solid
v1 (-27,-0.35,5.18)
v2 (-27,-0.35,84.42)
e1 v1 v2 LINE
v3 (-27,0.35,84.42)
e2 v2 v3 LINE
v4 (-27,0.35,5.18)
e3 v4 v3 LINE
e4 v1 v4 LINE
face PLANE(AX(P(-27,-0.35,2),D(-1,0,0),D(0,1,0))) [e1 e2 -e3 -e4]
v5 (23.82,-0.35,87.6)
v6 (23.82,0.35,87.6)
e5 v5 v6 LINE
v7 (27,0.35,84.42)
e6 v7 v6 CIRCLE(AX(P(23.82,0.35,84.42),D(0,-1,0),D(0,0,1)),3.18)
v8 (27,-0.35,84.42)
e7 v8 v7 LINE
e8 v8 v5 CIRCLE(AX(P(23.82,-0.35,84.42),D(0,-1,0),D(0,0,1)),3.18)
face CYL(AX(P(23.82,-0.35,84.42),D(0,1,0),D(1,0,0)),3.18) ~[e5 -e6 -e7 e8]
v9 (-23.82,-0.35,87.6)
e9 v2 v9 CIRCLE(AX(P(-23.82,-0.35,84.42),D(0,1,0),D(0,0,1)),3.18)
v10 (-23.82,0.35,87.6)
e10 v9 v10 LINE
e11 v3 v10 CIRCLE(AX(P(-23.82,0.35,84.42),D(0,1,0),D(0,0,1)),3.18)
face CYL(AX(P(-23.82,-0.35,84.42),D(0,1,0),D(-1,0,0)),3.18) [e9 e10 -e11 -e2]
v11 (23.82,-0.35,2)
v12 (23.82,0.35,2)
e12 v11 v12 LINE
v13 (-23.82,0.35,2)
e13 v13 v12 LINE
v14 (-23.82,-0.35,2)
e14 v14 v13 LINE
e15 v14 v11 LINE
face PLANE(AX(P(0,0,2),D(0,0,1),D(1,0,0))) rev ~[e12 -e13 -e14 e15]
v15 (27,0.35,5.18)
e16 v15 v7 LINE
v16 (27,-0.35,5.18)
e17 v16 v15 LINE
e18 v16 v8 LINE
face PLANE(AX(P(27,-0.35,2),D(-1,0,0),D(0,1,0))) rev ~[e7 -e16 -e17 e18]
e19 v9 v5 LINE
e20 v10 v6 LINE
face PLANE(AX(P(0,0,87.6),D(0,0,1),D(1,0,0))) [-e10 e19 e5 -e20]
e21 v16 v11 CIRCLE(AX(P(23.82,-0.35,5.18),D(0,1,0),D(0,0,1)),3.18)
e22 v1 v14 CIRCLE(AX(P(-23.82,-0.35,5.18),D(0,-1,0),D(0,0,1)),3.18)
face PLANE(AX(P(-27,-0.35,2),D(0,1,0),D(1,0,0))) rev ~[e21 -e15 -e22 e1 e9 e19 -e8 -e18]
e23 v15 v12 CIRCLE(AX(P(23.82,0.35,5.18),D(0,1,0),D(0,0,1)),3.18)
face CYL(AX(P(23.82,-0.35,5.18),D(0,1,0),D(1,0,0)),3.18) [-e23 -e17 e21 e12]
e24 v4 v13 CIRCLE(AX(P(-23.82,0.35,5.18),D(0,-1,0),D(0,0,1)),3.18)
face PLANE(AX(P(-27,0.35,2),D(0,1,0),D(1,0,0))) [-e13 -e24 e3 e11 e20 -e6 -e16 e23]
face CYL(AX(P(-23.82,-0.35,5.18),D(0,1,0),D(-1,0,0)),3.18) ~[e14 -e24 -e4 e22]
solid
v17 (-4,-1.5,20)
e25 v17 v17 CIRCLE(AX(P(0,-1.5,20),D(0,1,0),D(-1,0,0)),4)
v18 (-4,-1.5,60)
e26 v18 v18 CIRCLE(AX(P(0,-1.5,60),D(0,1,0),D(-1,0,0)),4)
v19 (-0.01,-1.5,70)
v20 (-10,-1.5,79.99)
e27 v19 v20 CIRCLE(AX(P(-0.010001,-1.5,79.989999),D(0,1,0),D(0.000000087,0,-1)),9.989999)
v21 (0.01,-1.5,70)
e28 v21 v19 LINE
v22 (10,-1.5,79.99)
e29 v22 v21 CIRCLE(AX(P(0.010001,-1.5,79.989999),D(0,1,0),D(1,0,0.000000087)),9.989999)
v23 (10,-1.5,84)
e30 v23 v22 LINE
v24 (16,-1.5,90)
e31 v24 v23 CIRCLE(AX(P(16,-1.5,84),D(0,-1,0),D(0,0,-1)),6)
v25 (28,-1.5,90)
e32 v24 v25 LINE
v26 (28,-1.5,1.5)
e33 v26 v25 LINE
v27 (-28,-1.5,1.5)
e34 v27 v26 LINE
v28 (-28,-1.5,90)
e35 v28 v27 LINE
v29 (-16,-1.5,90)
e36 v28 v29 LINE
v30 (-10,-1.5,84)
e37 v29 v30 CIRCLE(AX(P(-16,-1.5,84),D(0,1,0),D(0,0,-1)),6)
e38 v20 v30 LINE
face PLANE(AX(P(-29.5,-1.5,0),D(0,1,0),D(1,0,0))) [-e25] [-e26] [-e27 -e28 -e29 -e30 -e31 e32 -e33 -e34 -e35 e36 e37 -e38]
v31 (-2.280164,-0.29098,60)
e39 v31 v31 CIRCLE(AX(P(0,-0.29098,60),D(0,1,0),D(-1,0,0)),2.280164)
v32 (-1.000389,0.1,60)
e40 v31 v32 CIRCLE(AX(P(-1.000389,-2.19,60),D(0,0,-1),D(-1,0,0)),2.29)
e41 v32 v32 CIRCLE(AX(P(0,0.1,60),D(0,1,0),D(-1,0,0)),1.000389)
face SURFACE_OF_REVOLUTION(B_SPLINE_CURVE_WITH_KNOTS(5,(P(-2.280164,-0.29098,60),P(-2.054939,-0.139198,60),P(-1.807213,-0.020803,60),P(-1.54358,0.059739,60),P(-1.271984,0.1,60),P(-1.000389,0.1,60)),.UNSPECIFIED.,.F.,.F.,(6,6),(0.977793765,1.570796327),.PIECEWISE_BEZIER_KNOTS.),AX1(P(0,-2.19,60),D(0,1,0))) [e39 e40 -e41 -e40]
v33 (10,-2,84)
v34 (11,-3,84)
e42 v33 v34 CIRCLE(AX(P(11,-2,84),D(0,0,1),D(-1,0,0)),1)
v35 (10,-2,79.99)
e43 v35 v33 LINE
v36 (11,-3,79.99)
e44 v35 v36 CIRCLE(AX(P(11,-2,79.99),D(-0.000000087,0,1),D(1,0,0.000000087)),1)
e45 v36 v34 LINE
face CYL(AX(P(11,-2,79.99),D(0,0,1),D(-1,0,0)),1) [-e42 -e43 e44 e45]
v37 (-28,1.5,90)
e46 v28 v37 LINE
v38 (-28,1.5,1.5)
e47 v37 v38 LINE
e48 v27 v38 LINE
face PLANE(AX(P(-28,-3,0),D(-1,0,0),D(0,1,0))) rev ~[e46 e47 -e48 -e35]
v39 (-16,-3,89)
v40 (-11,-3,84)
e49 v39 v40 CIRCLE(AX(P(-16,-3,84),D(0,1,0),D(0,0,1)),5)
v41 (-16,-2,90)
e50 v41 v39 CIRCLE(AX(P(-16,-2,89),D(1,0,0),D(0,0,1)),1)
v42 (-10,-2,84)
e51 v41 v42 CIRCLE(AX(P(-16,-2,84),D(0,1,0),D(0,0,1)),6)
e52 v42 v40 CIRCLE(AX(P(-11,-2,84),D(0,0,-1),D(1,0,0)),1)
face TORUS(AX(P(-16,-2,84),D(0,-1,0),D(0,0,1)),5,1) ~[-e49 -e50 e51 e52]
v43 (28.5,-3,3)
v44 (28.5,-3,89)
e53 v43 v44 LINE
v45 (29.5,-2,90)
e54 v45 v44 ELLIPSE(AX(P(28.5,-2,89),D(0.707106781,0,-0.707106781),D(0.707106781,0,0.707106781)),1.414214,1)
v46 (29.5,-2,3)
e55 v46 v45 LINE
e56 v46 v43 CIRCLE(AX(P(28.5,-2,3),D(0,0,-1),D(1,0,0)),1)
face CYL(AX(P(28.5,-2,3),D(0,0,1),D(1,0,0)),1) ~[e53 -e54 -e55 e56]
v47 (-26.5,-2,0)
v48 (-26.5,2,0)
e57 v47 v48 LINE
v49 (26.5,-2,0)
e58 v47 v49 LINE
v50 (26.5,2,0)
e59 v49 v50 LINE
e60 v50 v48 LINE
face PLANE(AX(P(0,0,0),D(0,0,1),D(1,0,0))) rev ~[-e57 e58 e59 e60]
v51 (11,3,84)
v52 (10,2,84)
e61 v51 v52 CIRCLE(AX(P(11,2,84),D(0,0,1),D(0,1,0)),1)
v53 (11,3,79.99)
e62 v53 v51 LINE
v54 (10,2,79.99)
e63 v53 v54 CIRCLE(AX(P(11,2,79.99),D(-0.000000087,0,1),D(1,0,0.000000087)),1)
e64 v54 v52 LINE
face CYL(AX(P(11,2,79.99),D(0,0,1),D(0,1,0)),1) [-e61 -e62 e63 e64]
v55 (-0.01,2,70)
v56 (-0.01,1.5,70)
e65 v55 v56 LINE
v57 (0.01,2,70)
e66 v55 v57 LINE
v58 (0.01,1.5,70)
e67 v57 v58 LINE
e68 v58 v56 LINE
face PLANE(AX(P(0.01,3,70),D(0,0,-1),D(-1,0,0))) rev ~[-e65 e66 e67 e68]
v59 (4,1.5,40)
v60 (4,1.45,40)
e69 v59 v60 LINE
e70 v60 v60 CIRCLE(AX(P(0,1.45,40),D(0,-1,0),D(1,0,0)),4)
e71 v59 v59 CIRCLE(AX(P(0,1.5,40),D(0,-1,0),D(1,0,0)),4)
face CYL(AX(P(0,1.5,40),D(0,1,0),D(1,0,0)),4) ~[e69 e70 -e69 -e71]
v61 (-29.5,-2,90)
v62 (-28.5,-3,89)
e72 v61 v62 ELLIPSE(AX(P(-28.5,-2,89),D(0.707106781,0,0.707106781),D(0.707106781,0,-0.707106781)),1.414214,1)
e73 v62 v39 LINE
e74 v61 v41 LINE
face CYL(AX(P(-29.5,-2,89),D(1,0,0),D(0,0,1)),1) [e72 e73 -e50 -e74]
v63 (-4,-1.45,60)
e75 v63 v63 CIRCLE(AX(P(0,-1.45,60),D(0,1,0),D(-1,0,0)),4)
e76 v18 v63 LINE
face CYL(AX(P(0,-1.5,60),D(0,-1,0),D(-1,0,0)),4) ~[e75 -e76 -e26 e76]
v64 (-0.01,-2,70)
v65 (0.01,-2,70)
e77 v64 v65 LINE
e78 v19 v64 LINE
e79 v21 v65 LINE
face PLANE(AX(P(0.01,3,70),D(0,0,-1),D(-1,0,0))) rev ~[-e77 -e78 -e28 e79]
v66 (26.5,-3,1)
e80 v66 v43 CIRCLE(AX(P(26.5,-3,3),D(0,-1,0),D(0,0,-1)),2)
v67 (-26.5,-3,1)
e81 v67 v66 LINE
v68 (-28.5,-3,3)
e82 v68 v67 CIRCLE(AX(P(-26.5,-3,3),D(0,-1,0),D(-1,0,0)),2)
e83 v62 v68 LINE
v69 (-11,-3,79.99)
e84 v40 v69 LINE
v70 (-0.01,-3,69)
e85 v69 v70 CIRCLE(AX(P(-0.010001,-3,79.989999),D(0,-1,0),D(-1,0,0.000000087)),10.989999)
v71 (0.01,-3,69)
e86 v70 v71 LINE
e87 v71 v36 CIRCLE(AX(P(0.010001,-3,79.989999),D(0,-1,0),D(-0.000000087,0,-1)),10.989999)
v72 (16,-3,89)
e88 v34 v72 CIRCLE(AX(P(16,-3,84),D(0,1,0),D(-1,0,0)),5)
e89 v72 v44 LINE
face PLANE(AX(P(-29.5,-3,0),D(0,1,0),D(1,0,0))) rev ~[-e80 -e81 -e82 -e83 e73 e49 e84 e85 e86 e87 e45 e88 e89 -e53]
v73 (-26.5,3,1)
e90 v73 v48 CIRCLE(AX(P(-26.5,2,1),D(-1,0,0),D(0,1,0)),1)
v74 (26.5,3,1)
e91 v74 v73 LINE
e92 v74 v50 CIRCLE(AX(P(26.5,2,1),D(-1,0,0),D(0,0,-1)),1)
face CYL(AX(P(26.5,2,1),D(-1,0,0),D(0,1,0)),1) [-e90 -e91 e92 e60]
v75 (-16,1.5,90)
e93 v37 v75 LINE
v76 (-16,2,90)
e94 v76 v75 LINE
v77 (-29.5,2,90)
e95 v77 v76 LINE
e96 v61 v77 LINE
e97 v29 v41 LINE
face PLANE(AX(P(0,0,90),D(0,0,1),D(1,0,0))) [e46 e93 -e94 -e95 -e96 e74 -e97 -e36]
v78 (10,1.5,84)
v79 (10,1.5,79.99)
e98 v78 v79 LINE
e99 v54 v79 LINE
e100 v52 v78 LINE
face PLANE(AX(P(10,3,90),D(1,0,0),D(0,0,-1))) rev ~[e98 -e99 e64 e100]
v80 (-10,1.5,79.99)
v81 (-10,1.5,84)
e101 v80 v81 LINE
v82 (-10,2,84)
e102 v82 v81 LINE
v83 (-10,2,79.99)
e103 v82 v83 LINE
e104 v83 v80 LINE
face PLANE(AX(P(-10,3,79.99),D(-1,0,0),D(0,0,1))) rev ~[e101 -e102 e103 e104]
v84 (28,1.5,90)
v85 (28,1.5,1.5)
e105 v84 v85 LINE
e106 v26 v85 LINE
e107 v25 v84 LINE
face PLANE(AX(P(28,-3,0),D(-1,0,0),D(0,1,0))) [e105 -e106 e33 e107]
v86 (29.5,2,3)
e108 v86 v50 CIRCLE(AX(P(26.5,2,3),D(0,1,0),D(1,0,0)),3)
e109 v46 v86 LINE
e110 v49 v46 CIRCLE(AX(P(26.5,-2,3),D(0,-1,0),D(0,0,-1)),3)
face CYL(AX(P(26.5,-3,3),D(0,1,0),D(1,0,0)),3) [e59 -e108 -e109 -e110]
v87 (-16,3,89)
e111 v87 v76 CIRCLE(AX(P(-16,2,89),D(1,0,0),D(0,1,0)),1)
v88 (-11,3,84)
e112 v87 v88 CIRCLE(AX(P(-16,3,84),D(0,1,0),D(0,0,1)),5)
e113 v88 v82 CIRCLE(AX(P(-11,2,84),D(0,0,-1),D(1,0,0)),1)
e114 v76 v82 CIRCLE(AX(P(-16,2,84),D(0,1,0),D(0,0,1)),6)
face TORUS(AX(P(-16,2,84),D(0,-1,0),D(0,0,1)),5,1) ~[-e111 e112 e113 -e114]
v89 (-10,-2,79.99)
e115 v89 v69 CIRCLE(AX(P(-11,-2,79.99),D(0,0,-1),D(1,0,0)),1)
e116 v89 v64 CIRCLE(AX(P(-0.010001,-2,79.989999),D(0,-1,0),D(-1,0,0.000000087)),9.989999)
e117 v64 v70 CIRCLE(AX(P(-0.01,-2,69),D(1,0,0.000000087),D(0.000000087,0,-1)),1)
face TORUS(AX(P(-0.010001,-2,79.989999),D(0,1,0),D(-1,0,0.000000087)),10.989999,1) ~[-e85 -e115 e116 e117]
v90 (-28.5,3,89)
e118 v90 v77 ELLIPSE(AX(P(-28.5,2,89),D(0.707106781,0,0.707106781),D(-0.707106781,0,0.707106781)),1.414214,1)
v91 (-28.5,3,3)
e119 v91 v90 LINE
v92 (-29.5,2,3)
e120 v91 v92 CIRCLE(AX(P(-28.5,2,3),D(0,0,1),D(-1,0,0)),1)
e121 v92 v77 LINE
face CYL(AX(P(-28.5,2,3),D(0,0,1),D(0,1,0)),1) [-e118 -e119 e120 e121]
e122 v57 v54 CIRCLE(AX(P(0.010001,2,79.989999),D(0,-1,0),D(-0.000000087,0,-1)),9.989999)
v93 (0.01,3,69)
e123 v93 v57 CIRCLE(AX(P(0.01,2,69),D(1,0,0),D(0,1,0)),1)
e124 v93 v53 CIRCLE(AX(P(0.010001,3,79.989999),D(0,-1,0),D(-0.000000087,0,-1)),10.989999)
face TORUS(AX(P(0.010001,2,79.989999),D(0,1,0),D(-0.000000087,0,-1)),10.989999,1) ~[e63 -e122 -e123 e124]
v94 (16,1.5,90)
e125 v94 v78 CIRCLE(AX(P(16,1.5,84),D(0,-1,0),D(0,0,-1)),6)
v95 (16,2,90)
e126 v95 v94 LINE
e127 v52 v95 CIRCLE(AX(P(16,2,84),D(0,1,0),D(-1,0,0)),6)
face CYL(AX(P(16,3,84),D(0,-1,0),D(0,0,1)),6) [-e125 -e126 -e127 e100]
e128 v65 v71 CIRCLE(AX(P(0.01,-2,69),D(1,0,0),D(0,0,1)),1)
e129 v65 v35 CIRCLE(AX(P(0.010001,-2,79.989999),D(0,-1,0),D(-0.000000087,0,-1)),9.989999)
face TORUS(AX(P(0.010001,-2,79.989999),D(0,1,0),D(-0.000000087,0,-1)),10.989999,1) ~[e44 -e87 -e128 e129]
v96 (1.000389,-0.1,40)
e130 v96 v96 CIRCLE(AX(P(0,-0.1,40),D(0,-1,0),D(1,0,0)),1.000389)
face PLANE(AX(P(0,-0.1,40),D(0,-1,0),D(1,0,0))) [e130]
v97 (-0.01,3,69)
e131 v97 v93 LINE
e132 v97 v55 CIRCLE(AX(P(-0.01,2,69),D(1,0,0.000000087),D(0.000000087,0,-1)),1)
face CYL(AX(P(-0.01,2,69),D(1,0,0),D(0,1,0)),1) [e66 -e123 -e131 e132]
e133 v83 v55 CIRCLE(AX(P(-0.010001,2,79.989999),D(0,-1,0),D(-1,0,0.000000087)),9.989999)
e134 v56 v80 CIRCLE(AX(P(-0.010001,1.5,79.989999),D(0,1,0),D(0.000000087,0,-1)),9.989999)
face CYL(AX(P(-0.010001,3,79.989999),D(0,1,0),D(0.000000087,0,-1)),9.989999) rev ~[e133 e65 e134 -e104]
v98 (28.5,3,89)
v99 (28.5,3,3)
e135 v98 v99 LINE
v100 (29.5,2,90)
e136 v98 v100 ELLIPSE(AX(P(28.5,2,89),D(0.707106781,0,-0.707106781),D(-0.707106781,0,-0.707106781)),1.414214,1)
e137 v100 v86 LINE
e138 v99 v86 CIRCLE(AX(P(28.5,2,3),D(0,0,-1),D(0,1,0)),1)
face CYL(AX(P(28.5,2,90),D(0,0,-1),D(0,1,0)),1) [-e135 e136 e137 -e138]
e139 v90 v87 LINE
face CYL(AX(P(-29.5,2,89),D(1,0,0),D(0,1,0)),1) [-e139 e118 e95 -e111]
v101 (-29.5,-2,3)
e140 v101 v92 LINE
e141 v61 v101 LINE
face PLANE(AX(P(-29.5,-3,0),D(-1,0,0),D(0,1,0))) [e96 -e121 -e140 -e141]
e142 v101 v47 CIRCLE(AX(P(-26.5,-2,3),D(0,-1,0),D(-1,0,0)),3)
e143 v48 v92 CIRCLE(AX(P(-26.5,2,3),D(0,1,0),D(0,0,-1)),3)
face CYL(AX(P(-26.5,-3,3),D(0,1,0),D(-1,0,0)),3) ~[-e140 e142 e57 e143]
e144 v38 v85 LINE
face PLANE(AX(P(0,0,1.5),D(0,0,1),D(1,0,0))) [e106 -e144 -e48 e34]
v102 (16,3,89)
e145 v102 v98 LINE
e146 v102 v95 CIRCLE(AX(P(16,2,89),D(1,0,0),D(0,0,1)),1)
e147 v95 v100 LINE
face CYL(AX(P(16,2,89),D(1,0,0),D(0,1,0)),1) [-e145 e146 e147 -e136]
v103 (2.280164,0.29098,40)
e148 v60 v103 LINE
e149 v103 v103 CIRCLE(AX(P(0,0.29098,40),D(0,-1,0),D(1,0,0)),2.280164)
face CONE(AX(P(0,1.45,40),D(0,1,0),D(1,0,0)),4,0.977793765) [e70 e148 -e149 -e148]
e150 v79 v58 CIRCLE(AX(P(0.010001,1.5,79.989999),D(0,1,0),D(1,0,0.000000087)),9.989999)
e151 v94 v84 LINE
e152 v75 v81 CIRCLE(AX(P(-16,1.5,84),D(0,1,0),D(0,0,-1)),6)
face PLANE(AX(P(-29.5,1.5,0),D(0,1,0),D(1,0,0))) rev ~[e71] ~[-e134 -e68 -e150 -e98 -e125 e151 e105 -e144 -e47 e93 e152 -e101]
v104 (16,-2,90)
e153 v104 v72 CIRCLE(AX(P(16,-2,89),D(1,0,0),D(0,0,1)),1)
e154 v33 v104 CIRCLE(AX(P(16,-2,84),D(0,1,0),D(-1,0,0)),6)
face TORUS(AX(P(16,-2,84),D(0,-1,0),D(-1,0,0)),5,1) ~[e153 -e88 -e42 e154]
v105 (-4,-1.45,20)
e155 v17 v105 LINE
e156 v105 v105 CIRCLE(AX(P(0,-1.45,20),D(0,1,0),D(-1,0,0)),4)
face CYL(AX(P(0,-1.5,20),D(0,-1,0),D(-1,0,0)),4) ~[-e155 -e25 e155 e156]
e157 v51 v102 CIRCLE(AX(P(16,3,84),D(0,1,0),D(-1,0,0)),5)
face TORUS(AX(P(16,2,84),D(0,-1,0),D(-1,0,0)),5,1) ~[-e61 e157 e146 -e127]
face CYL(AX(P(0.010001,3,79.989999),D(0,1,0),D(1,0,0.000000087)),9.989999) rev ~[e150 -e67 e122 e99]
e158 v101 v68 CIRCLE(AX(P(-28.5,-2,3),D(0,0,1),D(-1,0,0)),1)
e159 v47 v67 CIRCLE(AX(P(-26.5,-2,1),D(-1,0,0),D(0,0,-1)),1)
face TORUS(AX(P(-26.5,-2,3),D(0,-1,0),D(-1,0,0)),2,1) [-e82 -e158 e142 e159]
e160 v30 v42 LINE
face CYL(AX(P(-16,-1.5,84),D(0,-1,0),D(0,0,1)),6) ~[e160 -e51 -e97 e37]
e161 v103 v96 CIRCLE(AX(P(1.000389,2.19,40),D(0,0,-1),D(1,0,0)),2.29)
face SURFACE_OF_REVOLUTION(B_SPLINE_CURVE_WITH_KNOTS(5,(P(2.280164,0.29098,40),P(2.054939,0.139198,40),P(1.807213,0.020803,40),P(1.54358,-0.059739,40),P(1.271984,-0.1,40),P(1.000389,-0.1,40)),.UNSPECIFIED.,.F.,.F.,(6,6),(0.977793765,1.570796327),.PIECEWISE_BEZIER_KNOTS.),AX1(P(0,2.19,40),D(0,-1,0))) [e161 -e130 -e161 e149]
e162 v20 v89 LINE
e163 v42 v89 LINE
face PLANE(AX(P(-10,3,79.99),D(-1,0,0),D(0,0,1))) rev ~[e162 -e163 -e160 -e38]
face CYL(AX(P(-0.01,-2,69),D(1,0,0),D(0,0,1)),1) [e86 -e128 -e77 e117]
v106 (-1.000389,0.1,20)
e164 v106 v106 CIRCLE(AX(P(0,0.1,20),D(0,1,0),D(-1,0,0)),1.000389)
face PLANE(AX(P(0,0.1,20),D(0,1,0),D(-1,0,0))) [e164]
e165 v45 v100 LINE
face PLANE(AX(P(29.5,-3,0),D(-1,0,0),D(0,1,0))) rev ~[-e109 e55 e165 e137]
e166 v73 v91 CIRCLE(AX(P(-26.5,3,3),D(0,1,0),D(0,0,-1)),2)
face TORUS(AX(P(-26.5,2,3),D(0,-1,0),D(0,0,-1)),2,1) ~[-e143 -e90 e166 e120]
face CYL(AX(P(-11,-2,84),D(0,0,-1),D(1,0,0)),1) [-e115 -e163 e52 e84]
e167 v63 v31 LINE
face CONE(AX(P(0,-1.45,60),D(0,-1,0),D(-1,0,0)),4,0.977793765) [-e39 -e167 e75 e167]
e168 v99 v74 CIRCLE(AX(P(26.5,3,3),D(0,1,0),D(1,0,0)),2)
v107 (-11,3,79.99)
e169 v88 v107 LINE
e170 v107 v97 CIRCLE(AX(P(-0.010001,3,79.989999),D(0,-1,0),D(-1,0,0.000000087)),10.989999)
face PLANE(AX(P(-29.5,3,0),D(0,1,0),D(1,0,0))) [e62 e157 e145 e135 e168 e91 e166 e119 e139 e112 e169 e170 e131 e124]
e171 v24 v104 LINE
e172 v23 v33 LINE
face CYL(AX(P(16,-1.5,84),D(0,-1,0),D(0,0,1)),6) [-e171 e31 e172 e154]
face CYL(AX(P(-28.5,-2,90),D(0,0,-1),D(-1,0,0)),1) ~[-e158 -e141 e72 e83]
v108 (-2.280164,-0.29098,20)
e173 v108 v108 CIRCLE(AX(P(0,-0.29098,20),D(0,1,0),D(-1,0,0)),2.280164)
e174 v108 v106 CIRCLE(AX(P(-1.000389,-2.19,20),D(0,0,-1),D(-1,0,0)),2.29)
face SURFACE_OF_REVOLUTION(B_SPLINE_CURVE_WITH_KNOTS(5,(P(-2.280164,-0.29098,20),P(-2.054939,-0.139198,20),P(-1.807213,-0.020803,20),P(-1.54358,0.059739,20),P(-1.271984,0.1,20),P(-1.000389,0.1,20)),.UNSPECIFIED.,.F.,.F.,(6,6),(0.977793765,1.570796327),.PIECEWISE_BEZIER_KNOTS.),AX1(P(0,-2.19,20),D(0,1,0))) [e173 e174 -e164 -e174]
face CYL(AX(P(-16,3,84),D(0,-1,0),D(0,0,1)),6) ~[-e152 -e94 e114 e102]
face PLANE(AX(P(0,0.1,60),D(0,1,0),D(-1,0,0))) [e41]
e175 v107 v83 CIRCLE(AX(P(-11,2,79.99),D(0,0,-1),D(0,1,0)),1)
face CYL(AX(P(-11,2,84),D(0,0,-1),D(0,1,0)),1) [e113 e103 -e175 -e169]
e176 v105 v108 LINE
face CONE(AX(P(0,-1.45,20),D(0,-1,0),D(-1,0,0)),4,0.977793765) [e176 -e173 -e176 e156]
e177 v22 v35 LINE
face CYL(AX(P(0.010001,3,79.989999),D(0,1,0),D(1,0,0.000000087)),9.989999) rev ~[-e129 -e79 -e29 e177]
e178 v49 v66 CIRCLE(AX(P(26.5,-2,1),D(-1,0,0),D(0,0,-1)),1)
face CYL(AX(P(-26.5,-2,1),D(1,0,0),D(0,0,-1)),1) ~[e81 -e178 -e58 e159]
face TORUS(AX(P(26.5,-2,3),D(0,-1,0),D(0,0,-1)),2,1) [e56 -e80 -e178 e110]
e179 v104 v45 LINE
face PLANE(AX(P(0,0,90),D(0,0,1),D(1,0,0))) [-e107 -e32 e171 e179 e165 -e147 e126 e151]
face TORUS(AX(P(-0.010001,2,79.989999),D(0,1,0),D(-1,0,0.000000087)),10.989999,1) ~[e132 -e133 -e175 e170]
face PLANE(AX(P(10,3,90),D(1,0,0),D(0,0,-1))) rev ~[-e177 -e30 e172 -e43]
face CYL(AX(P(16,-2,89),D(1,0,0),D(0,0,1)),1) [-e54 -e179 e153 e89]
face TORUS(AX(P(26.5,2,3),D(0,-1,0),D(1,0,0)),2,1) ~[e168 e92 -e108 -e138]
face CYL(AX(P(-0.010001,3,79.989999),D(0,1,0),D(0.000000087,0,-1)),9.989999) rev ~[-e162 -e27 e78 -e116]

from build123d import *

# Parameters (mm, degrees)
SKETCH_W        = 54
SKETCH_H        = 0.7
PAD_DEPTH       = 85.6
FILLET_R        = 3.18
SKETCH001_W     = 59
SKETCH001_H     = 6
PAD001_DEPTH    = 90
THICKNESS_T     = -1.5
POCKET_DEPTH    = 6.001
SKETCH003_R     = 4
PAD002_DEPTH    = 1.6
SKETCH004_R     = 4
PAD003_DEPTH    = 1.6
CHAMFER_1_SIZE2 = 2.3
CHAMFER_1_SIZE  = 1.55
CHAMFER_2_SIZE2 = 2.3
CHAMFER_2_SIZE  = 1.55
CHAMFER_3_SIZE2 = 2.3
CHAMFER_3_SIZE  = 1.55
FILLET001_R     = 2.29
FILLET002_R     = 6
FILLET003_R     = 3
FILLET004_R     = 1
FILLET005_R     = 1


with BuildPart() as card:
    # Sketch → Pad (new body)
    with BuildSketch(Plane.XY.offset(2)):
        Rectangle(SKETCH_W, SKETCH_H)
    extrude(amount=PAD_DEPTH)

    # Fillet
    fillet_edges = [card.edges().sort_by_distance(p)[0] for p in [
        (-27, 0, 2),
        (-27, 0, 87.6),
        (27, 0, 87.6),
        (27, 0, 2),
    ]]
    fillet(fillet_edges, radius=FILLET_R)


with BuildPart() as wallet:
    # Sketch001 → Pad001 (new body)
    with BuildSketch(Plane.XY):
        Rectangle(SKETCH001_W, SKETCH001_H)
    extrude(amount=PAD001_DEPTH)

    # Thickness
    thickness_openings = [wallet.faces().sort_by_distance(p)[0] for p in [
        (0, 0, 90),
    ]]
    offset(amount=THICKNESS_T, openings=thickness_openings)

    # Sketch002 (on Face2 of Pad001) → Pocket (cut, through all)
    with BuildSketch(Plane(origin=(0, 3, 0), x_dir=(-1, 0, 0), z_dir=(0, 1, 0))):
        with BuildLine():
            Line((-0.01, 70), (0.01, 70))
            ThreePointArc((0.01, 70), (7.073997, 72.926003), (10, 79.99))
            Line((10, 79.99), (10, 90))
            Line((10, 90), (-10, 90))
            Line((-10, 90), (-10, 79.99))
            ThreePointArc((-10, 79.99), (-7.073997, 72.926003), (-0.01, 70))
        make_face()
    extrude(amount=-POCKET_DEPTH, mode=Mode.SUBTRACT)

    # Sketch003 (on Face18 of Pocket) → Pad002 (join)
    with BuildSketch(Plane(origin=(0, -1.5, 0), x_dir=(-1, 0, 0), z_dir=(0, 1, 0))):
        with Locations((0, 60)):
            Circle(SKETCH003_R)
        with Locations((0, 20)):
            Circle(SKETCH003_R)
    extrude(amount=PAD002_DEPTH)

    # Sketch004 (on Face20 of Pad002) → Pad003 (join)
    with BuildSketch(Plane.XZ.offset(-1.5)):
        with Locations((0, 40)):
            Circle(SKETCH004_R)
    extrude(amount=PAD003_DEPTH)

    # Chamfer 1
    chamfer_1_edges = [wallet.edges().sort_by_distance(p)[0] for p in [
        (4, 0.1, 60),
    ]]
    chamfer_1_side = wallet.faces().sort_by_distance((4, -0.7, 60))[0]
    chamfer(chamfer_1_edges, length=CHAMFER_1_SIZE, length2=CHAMFER_1_SIZE2, reference=chamfer_1_side)

    # Chamfer 2
    chamfer_2_edges = [wallet.edges().sort_by_distance(p)[0] for p in [
        (-4, -0.1, 40),
    ]]
    chamfer_2_side = wallet.faces().sort_by_distance((-4, 0.7, 40))[0]
    chamfer(chamfer_2_edges, length=CHAMFER_2_SIZE, length2=CHAMFER_2_SIZE2, reference=chamfer_2_side)

    # Chamfer 3
    chamfer_3_edges = [wallet.edges().sort_by_distance(p)[0] for p in [
        (4, 0.1, 20),
    ]]
    chamfer_3_side = wallet.faces().sort_by_distance((4, -0.7, 20))[0]
    chamfer(chamfer_3_edges, length=CHAMFER_3_SIZE, length2=CHAMFER_3_SIZE2, reference=chamfer_3_side)

    # Fillet001
    fillet001_edges = [wallet.edges().sort_by_distance(p)[0] for p in [
        (1.7, 0.1, 60),
        (-1.7, -0.1, 40),
        (1.7, 0.1, 20),
    ]]
    fillet(fillet001_edges, radius=FILLET001_R)

    # Fillet002
    fillet002_edges = [wallet.edges().sort_by_distance(p)[0] for p in [
        (-10, 2.25, 90),
        (-10, -2.25, 90),
        (10, 2.25, 90),
        (10, -2.25, 90),
    ]]
    fillet(fillet002_edges, radius=FILLET002_R)

    # Fillet003
    fillet003_edges = [wallet.edges().sort_by_distance(p)[0] for p in [
        (-29.5, 0, 0),
        (29.5, 0, 0),
    ]]
    fillet(fillet003_edges, radius=FILLET003_R)

    # Fillet004
    fillet004_edges = [wallet.edges().sort_by_distance(p)[0] for p in [
        (-29.5, 3, 46.5),
        (-28.62132, 3, 0.87868),
        (-22.75, 3, 90),
        (0, 3, 0),
        (-11.757359, 3, 88.242641),
        (28.62132, 3, 0.87868),
        (-10, 3, 81.995),
        (29.5, 3, 46.5),
        (-7.073997, 3, 72.926003),
        (22.75, 3, 90),
        (0, 3, 70),
        (11.757359, 3, 88.242641),
        (7.073997, 3, 72.926003),
        (10, 3, 81.995),
    ]]
    fillet(fillet004_edges, radius=FILLET004_R)

    # Fillet005
    fillet005_edges = [wallet.edges().sort_by_distance(p)[0] for p in [
        (29.5, -3, 46.5),
        (28.62132, -3, 0.87868),
        (22.75, -3, 90),
        (0, -3, 0),
        (11.757359, -3, 88.242641),
        (-28.62132, -3, 0.87868),
        (10, -3, 81.995),
        (-29.5, -3, 46.5),
        (7.073997, -3, 72.926003),
        (-22.75, -3, 90),
        (0, -3, 70),
        (-11.757359, -3, 88.242641),
        (-7.073997, -3, 72.926003),
        (-10, -3, 81.995),
    ]]
    fillet(fillet005_edges, radius=FILLET005_R)


solid = Compound([card.part, wallet.part])
